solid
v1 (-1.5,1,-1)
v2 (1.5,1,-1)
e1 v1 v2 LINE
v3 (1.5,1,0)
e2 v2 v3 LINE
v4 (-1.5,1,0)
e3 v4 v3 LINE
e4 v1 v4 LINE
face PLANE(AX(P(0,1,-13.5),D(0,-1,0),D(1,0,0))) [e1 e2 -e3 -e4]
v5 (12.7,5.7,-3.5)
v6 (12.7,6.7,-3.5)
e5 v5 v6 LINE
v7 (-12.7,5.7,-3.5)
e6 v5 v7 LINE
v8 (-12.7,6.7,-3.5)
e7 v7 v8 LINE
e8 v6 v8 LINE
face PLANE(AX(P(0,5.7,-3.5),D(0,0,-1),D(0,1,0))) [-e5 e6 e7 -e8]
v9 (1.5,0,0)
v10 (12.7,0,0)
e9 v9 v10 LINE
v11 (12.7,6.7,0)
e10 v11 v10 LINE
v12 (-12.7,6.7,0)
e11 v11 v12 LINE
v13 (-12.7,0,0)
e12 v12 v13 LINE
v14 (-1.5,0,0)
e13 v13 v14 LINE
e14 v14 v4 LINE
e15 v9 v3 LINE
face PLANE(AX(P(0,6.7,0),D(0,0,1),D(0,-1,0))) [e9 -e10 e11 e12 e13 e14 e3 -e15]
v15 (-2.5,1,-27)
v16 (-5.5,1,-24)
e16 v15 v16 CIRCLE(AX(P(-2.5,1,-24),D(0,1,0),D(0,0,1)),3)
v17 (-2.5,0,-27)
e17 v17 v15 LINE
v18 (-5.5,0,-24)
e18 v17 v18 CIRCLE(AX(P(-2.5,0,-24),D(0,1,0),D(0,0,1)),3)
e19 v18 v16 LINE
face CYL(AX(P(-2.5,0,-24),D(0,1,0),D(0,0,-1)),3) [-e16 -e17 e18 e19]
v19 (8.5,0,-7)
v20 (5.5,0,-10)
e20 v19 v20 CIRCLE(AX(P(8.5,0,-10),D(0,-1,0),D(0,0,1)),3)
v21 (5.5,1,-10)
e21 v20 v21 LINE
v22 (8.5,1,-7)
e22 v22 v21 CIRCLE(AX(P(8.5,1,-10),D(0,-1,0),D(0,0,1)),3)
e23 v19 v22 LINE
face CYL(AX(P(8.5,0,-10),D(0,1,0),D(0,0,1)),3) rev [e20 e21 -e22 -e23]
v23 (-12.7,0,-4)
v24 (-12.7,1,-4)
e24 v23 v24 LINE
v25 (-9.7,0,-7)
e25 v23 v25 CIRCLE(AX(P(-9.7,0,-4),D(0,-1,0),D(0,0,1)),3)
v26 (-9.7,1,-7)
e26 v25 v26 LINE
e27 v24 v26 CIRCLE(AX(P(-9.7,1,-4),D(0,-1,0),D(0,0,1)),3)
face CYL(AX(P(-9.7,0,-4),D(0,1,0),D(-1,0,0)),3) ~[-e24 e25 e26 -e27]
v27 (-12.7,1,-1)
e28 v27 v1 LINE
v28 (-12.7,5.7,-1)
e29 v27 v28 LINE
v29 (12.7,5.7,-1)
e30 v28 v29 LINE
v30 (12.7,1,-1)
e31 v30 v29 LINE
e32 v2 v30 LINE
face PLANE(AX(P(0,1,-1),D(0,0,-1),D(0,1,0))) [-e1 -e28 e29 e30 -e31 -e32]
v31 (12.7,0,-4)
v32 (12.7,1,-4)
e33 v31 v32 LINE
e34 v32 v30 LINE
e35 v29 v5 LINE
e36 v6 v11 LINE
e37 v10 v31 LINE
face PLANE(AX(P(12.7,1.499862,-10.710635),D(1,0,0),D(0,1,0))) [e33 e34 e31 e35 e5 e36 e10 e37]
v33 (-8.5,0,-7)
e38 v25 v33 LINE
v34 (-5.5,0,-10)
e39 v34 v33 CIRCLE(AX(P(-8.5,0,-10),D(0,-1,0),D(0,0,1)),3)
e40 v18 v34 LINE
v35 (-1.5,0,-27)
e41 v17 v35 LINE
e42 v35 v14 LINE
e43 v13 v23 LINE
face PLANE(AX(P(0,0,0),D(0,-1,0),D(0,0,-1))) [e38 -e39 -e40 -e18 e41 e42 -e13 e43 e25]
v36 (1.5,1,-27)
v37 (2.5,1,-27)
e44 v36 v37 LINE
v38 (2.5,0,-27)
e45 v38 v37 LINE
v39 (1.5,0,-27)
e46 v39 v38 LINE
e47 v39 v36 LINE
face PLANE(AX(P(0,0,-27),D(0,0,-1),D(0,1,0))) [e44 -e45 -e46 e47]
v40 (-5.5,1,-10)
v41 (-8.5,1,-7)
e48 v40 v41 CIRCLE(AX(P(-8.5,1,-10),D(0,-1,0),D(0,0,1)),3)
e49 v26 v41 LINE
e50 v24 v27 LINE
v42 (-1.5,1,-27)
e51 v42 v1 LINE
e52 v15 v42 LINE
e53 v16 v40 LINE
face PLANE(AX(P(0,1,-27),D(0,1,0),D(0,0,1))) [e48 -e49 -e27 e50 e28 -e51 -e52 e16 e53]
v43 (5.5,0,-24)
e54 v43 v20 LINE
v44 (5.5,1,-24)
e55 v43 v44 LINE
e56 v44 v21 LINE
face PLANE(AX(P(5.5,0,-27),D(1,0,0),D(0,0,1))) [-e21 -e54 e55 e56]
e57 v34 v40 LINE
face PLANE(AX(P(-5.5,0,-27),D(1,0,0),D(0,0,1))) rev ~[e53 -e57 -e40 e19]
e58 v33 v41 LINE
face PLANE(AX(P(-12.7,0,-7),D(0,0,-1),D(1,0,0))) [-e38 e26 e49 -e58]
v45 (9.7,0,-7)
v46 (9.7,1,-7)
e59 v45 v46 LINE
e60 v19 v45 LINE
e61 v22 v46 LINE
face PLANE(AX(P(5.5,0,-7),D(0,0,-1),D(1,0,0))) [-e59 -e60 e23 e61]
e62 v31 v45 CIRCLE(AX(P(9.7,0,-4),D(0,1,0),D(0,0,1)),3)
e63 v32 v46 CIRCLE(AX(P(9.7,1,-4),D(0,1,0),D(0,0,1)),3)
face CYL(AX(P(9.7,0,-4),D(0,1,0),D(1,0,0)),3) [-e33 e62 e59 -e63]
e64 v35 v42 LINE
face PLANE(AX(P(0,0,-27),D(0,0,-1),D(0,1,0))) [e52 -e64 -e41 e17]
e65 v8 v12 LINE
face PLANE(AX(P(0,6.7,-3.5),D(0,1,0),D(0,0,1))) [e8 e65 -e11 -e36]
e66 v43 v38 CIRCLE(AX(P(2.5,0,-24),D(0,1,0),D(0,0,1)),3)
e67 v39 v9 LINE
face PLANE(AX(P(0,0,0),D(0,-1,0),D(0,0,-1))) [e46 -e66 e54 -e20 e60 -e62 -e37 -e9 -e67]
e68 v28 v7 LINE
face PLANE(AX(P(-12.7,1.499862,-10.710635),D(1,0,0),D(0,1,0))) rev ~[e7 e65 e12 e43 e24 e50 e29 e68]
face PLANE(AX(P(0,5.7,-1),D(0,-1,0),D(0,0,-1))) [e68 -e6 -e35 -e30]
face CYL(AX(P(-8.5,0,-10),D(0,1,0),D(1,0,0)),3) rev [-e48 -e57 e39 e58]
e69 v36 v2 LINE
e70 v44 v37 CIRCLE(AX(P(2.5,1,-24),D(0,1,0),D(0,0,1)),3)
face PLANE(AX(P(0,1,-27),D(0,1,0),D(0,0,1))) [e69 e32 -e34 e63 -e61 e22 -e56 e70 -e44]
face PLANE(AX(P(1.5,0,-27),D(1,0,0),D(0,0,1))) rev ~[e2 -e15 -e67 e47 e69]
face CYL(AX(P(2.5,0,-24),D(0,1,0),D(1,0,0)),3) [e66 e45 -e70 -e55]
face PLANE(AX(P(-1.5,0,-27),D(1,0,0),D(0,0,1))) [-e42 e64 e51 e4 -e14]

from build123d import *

# Parameters (mm, degrees)
F1_DEPTH = 12.7
F2_W     = 3
F2_H     = 27
F2_W_2   = 7.2
F2_H_2   = 20
F3_DEPTH = 1
F4_R     = 3


with BuildPart() as f1:
    # F0 (on Right) → F1 (new body, symmetric)
    with BuildSketch(Plane.YZ):
        Polygon((6.7, 0), (0, 0), (0, -27), (1, -27), (1, -1), (5.7, -1), (5.7, -3.5), (6.7, -3.5), align=None)
    extrude(amount=F1_DEPTH, both=True)

    # F2 (on face) → F3 (cut, through all)
    with BuildSketch(Plane.XZ):
        with Locations((0, -13.5)):
            Rectangle(F2_W, F2_H)
        with Locations((-9.1, -17)):
            Rectangle(F2_W_2, F2_H_2)
        with Locations((9.1, -17)):
            Rectangle(F2_W_2, F2_H_2)
    extrude(amount=-F3_DEPTH, mode=Mode.SUBTRACT)

    # F4
    f4_edges = [f1.edges().sort_by_distance(p)[0] for p in [
        (5.5, 0.5, -27),
        (-5.5, 0.5, -27),
        (-5.5, 0.5, -7),
        (-12.7, 0.5, -7),
        (5.5, 0.5, -7),
        (12.7, 0.5, -7),
    ]]
    fillet(f4_edges, radius=F4_R)


solid = f1.part
